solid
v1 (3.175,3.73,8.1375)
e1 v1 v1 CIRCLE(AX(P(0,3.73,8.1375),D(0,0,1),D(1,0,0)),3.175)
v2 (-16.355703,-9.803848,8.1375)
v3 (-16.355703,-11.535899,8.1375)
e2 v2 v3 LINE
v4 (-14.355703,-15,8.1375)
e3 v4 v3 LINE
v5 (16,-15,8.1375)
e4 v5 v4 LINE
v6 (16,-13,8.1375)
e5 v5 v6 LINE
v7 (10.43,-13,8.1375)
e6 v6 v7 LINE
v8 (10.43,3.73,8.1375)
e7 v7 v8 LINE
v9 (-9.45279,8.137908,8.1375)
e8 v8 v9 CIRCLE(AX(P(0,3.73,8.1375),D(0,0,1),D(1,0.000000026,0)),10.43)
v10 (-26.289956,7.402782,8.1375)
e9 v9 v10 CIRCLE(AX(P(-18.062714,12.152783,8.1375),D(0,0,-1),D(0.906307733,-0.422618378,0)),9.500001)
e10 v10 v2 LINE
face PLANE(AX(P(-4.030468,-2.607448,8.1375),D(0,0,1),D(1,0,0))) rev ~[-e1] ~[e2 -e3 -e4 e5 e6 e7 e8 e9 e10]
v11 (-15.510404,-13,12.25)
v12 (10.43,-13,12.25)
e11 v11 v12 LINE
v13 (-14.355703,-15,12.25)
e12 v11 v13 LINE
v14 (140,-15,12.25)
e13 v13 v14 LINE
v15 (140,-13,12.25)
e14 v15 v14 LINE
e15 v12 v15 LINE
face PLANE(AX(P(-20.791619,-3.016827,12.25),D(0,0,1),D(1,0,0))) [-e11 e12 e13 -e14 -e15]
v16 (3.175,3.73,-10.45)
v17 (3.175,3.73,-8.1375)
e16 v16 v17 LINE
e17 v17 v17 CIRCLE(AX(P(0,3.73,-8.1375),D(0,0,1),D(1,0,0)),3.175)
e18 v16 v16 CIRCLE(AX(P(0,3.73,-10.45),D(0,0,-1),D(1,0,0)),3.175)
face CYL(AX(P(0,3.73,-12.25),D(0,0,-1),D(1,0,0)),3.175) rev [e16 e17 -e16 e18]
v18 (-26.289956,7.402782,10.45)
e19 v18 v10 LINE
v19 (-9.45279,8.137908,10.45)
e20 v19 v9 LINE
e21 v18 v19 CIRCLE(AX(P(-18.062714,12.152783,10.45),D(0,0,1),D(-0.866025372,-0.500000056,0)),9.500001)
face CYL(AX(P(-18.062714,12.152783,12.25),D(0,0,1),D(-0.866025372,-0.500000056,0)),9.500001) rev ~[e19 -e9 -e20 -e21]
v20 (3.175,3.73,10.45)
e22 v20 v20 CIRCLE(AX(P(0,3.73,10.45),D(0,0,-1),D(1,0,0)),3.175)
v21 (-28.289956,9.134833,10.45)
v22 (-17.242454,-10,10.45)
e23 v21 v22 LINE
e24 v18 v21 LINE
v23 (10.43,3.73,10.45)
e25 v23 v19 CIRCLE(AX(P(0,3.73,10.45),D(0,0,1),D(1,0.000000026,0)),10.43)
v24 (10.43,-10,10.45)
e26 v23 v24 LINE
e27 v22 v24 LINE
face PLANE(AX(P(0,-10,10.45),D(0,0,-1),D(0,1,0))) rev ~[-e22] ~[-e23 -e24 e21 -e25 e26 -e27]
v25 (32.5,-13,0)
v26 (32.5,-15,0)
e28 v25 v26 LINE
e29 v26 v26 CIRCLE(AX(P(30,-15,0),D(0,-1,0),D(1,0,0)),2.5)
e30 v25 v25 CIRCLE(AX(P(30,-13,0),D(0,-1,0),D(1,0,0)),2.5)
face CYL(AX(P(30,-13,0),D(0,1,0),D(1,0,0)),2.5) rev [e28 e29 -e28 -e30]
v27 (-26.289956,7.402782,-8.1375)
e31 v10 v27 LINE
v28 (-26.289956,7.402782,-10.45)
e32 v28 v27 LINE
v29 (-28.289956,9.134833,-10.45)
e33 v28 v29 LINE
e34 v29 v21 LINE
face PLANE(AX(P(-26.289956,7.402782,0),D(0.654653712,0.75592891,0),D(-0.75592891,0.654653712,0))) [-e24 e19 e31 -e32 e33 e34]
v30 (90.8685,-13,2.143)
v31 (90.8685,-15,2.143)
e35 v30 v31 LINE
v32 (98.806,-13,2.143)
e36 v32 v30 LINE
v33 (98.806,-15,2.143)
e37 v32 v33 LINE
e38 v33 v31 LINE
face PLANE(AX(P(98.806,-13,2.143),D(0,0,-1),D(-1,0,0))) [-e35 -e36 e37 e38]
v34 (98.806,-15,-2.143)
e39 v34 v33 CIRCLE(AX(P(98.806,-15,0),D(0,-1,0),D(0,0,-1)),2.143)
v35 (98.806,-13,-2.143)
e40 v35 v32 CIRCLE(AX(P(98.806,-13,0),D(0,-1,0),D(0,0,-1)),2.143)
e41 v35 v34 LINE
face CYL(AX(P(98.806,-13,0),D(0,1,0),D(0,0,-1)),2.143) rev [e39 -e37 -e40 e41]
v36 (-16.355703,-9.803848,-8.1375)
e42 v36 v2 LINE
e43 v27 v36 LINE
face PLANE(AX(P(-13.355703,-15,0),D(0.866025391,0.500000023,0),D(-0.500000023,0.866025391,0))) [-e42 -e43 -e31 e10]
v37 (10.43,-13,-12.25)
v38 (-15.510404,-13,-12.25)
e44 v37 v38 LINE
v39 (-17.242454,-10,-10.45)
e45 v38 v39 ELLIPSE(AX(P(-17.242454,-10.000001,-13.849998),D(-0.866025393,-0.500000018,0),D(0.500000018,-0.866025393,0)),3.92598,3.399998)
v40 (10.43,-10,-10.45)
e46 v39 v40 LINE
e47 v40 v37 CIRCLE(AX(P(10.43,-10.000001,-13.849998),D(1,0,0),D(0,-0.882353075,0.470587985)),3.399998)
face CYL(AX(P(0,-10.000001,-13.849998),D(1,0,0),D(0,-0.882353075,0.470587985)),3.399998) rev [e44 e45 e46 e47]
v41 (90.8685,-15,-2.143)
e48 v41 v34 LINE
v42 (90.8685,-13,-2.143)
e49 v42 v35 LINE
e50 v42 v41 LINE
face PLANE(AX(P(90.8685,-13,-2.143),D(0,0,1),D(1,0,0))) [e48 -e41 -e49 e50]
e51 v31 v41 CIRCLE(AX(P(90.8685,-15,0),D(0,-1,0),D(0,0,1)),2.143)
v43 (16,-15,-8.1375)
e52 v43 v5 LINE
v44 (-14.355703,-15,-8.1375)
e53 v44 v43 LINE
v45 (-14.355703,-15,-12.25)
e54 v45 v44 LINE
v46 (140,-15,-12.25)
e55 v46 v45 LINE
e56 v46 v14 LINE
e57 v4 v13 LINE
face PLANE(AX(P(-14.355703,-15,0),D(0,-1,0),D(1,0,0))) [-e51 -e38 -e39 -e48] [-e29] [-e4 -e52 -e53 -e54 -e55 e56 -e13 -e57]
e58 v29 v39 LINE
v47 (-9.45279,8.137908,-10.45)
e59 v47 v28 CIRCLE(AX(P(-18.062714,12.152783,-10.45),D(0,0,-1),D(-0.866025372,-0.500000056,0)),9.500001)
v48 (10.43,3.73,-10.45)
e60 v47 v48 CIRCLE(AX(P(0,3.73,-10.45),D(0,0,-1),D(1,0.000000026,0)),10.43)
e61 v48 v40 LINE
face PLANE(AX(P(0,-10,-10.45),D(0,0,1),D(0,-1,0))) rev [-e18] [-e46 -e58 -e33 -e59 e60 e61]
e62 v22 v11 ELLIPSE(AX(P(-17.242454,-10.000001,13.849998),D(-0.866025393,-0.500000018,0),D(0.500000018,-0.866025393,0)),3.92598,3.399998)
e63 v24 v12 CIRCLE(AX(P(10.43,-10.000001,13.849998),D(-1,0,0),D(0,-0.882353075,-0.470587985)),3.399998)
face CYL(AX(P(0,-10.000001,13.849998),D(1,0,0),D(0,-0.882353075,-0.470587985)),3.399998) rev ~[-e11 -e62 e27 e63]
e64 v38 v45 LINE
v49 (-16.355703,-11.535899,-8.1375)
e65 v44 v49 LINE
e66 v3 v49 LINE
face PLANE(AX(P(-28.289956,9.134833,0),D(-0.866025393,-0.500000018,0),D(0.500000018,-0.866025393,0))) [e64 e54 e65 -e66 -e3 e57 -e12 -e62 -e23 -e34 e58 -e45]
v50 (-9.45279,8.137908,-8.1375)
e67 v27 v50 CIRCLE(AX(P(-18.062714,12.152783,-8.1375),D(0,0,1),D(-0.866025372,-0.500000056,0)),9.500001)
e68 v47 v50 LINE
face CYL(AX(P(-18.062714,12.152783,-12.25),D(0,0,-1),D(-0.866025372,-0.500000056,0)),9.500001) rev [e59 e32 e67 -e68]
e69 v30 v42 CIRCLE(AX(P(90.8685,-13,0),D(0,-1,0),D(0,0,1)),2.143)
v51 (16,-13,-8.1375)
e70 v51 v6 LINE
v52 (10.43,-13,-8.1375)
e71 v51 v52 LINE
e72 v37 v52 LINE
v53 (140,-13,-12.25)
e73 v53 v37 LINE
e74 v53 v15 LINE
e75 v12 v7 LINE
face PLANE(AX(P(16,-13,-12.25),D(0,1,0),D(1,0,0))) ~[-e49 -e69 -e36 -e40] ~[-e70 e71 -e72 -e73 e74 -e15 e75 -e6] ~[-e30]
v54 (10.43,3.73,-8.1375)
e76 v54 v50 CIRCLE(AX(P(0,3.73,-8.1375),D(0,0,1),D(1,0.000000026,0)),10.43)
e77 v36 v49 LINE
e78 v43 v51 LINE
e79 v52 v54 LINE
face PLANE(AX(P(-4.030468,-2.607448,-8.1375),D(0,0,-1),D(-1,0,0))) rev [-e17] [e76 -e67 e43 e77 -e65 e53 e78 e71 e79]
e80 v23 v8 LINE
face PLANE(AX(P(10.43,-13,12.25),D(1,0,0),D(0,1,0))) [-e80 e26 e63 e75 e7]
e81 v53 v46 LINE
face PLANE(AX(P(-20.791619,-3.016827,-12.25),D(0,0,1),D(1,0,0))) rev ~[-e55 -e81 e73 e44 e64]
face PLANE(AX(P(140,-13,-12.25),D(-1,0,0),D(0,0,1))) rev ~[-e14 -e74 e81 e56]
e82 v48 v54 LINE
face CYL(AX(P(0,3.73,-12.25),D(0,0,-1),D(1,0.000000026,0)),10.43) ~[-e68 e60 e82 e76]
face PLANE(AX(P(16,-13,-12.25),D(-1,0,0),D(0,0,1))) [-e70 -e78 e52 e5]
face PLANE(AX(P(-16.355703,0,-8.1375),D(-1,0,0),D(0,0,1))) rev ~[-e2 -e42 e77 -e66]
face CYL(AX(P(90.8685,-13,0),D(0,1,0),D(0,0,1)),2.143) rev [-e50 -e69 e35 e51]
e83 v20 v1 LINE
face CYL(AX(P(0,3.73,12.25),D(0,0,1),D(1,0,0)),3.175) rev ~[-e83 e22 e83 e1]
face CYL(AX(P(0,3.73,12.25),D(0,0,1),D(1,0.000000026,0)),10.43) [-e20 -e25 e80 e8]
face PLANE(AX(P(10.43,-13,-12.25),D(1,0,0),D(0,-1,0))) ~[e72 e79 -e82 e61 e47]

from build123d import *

# Parameters (mm, degrees)
SKETCH019_W          = 124
SKETCH019_H          = 24.5
SKETCH019_R          = 2.5
PAD010_DEPTH         = 2
SKETCH018_R          = 3.175
PAD011_DEPTH         = 4.1125
PAD012_DEPTH         = 12.25
POCKET005_DEPTH      = 373.382623
POCKET005_DEPTH_BACK = 485.092667
SKETCH022_W          = 3
SKETCH022_H          = 16.275
POCKET006_DEPTH      = 14.161
POCKET006_DEPTH_BACK = 15.001


with BuildPart() as part:
    # Sketch019 → Pad010 (new body)
    with BuildSketch(Plane.XZ.offset(13)):
        with Locations((78, 0)):
            Rectangle(SKETCH019_W, SKETCH019_H)
        with Locations((30, 0)):
            Circle(SKETCH019_R, mode=Mode.SUBTRACT)
        with BuildLine():
            ThreePointArc((90.8685, 2.143), (88.7255, 0), (90.8685, -2.143))
            Line((90.8685, -2.143), (98.806, -2.143))
            ThreePointArc((98.806, -2.143), (100.949, 0), (98.806, 2.143))
            Line((98.806, 2.143), (90.8685, 2.143))
        make_face(mode=Mode.SUBTRACT)
    extrude(amount=PAD010_DEPTH)

    # Sketch018 → Pad011 (join)
    with BuildSketch(Plane.XY.offset(12.25)):
        with BuildLine():
            Line((16, -13), (10.43, -13))
            Line((10.43, -13), (10.43, 3.73))
            ThreePointArc((10.43, 3.73), (2.257465, 13.912767), (-9.45279, 8.137908))
            ThreePointArc((-26.289956, 7.402782), (-17.64833, 2.661824), (-9.45279, 8.137908))
            Line((-26.289956, 7.402782), (-13.355703, -15))
            Line((-13.355703, -15), (16, -15))
            Line((16, -15), (16, -13))
        make_face()
        with Locations((0, 3.73)):
            Circle(SKETCH018_R, mode=Mode.SUBTRACT)
    pad011 = extrude(amount=-PAD011_DEPTH)

    # Mirrored003: Pad011 across XY
    add(pad011.mirror(Plane.XY))

    # Sketch020 → Pad012 (join, symmetric)
    with BuildSketch(Plane.XY):
        Polygon((-26.289956, 7.402782), (-28.289956, 9.134833), (-14.355703, -15), (-13.355703, -15), align=None)
    extrude(amount=PAD012_DEPTH, both=True)

    # Sketch021 → Pocket005 (cut, two sides)
    with BuildSketch(Plane.YZ) as pocket005_sk:
        with BuildLine():
            ThreePointArc((-13, 12.25), (-11.749286, 10.934524), (-10, 10.45))
            Line((-10, 10.45), (14.16, 10.45))
            Line((14.16, 12.25), (14.16, 10.45))
            Line((14.16, 12.25), (-13, 12.25))
        make_face()
    pocket005 = extrude(amount=-POCKET005_DEPTH, mode=Mode.SUBTRACT) + extrude(pocket005_sk.sketch, amount=POCKET005_DEPTH_BACK, mode=Mode.SUBTRACT)

    # Mirrored004: Pocket005 across Sketch021 H_Axis
    add(pocket005.mirror(Plane.XY), mode=Mode.SUBTRACT)

    # Sketch022 → Pocket006 (cut, two sides)
    with BuildSketch(Plane.XZ) as pocket006_sk:
        with Locations((-14.855703, 0)):
            Rectangle(SKETCH022_W, SKETCH022_H)
    extrude(amount=-POCKET006_DEPTH, mode=Mode.SUBTRACT)
    extrude(pocket006_sk.sketch, amount=POCKET006_DEPTH_BACK, mode=Mode.SUBTRACT)


solid = part.part
